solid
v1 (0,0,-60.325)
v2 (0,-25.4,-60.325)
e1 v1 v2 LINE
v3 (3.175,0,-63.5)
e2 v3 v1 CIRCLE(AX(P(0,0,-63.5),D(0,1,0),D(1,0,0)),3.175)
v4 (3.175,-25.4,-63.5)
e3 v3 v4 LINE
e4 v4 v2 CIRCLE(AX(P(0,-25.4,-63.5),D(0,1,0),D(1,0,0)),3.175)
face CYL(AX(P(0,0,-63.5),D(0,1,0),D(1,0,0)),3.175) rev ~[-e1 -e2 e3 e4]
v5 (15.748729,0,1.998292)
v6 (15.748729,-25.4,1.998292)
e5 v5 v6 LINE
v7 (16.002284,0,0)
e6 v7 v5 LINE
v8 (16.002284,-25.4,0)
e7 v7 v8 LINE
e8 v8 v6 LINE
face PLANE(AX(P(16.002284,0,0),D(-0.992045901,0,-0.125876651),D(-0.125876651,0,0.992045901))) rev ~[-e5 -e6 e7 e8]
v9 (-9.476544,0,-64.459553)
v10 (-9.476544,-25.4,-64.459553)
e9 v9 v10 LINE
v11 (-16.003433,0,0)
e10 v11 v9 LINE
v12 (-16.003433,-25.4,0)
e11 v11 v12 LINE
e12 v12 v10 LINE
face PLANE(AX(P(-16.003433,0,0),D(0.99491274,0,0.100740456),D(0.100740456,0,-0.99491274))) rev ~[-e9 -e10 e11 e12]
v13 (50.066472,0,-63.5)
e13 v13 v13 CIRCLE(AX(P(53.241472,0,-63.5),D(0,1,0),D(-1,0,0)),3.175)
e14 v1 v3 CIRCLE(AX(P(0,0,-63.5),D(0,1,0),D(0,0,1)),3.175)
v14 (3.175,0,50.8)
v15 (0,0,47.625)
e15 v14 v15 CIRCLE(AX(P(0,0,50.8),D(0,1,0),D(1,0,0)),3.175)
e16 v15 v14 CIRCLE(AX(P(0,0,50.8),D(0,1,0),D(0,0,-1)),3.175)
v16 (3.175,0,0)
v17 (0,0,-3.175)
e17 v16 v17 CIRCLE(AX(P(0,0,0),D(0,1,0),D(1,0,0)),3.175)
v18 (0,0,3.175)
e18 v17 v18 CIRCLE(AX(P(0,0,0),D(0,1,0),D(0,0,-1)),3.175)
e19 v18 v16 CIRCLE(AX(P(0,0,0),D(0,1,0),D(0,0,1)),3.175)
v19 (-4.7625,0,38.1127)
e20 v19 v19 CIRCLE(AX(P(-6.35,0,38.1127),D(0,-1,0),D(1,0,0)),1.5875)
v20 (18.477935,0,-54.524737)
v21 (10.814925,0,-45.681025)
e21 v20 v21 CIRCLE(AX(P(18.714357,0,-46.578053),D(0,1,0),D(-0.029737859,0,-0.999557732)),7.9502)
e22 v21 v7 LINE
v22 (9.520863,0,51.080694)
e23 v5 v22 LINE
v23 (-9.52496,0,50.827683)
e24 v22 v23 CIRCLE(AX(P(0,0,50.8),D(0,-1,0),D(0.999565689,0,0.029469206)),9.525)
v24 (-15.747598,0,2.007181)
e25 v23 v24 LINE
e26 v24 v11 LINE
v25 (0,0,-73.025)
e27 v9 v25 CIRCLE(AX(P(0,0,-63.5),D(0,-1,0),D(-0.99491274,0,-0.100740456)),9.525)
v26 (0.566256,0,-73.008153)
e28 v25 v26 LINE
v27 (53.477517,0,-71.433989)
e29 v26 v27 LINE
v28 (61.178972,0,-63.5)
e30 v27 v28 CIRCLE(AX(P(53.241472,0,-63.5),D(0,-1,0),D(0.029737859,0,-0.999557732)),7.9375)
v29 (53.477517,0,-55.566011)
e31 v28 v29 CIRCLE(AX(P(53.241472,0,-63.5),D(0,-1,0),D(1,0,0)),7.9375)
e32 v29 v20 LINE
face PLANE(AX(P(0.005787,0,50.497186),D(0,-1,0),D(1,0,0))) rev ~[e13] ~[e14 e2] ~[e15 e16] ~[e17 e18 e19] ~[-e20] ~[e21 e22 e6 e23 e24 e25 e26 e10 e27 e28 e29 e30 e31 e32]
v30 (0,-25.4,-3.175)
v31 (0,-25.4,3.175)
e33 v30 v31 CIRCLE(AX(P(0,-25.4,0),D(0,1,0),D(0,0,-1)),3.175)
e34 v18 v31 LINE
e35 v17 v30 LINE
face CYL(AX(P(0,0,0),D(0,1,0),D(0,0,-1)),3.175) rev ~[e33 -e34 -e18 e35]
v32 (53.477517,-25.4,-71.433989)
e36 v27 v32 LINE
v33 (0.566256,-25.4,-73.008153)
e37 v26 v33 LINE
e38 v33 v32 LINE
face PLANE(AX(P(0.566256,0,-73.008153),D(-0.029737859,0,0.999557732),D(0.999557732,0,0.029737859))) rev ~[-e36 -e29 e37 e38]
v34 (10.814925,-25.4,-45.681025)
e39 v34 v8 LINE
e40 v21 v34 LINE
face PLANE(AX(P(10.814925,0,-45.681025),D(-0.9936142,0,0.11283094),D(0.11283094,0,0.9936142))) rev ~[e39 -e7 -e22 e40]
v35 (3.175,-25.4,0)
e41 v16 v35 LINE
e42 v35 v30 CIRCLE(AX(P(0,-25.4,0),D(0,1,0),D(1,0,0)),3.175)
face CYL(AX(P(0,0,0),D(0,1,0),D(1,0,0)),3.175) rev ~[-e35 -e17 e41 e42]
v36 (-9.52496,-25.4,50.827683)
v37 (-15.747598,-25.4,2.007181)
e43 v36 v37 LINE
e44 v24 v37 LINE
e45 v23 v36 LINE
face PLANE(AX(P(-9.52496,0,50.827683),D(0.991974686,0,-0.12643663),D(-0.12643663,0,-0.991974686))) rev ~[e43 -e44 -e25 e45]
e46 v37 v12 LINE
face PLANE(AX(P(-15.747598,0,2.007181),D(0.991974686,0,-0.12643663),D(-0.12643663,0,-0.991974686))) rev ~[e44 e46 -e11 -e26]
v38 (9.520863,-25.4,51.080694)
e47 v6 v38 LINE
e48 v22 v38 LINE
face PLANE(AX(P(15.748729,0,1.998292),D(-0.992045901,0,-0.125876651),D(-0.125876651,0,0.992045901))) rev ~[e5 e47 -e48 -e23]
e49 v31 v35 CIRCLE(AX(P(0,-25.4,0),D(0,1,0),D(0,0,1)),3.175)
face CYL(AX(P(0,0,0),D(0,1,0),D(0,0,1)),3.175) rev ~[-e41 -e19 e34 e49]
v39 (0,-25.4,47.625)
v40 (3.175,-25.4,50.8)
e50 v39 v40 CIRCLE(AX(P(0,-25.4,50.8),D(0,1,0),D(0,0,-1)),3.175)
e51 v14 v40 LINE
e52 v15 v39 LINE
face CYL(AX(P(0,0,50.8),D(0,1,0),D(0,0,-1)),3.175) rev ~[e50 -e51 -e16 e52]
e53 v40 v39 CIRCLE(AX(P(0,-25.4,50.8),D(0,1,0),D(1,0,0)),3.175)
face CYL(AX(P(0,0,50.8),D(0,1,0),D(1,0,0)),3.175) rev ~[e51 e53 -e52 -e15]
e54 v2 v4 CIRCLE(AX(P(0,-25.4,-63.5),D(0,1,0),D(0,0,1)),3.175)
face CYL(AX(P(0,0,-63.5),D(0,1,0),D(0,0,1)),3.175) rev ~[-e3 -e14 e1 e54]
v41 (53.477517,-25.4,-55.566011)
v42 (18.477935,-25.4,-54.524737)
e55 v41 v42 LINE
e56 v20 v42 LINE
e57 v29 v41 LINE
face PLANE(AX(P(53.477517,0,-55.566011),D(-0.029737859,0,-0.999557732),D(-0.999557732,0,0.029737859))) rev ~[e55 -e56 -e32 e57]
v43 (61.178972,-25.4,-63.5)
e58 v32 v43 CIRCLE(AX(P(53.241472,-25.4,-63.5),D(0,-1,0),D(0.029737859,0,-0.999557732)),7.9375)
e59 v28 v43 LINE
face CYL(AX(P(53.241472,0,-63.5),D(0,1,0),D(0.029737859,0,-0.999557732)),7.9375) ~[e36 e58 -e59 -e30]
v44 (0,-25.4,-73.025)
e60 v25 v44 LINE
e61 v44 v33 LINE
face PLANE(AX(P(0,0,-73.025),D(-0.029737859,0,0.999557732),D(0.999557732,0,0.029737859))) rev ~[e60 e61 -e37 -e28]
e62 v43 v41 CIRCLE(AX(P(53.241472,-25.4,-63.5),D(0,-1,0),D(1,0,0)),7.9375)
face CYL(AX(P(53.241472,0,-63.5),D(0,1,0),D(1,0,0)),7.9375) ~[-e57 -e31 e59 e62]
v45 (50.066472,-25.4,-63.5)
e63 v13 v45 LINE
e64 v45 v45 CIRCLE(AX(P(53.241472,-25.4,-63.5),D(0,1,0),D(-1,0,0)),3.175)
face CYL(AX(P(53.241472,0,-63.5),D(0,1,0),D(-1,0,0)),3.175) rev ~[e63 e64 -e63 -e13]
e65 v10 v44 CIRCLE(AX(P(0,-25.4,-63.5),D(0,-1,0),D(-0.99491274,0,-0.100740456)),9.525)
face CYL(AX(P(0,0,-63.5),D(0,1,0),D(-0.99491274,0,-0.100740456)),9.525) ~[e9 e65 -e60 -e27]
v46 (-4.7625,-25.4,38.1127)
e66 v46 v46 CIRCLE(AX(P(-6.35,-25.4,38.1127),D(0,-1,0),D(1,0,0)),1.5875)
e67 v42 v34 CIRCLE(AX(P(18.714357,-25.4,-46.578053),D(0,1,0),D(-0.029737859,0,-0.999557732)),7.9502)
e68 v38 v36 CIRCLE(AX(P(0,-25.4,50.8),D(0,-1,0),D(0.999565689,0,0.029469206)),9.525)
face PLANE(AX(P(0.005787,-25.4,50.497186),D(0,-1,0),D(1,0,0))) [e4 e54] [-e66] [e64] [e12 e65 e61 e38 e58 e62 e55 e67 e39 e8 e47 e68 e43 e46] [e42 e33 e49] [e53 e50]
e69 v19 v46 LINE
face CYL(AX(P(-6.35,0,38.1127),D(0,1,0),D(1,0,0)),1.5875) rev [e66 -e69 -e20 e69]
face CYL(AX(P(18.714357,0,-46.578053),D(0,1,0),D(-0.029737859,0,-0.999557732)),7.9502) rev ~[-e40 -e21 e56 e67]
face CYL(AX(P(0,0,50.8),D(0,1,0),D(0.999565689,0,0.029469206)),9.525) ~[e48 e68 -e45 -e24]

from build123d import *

# Parameters (mm, degrees)
F0_R     = 1.5875
F1_DEPTH = 25.4


with BuildPart() as f1:
    # F0 (on Front) → F1 (new body)
    with BuildSketch(Plane.XZ):
        with BuildLine():
            ThreePointArc((-9.5249597703, 50.8276834586), (-6.7449725701, 44.0746026118), (0, 41.275))
            ThreePointArc((0, 41.275), (6.7351920908, 44.0648079092), (9.525, 50.8))
            ThreePointArc((9.525, 50.8), (9.5239657399, 50.9403623342), (9.5208631843, 51.0806941863))
            ThreePointArc((9.5208631843, 51.0806941863), (-0.1265219451, 60.3241596583), (-9.5249597703, 50.8276834586))
        make_face()
        with BuildLine():
            ThreePointArc((3.175, 50.8), (2.2450640303, 48.5549359697), (0, 47.625))
            ThreePointArc((0, 47.625), (-2.2450640303, 53.0450640303), (3.175, 50.8))
        make_face(mode=Mode.SUBTRACT)
        with BuildLine():
            ThreePointArc((9.525, 50.8), (6.7351920908, 44.0648079092), (0, 41.275))
            Line((0, 41.275), (0, 15.875))
            ThreePointArc((0, 15.875), (10.4950642384, 11.9108879447), (15.7487287076, 1.9982915441))
            Line((15.7487287076, 1.9982915441), (9.5208631843, 51.0806941863))
            ThreePointArc((9.5208631843, 51.0806941863), (9.5239657399, 50.9403623342), (9.525, 50.8))
        make_face()
        with BuildLine():
            Line((0, 15.875), (0, 41.275))
            ThreePointArc((0, 41.275), (-6.7449725701, 44.0746026118), (-9.5249597703, 50.8276834586))
            Line((-9.5249597703, 50.8276834586), (-15.7475981623, 2.007181387))
            ThreePointArc((-15.7475981623, 2.007181387), (-10.4917019707, 11.9138497036), (0, 15.875))
        make_face()
        with Locations((-6.3500003889, 38.1127)):
            Circle(F0_R, mode=Mode.SUBTRACT)
        with BuildLine():
            ThreePointArc((15.7487287076, 1.9982915441), (10.4950642384, 11.9108879447), (0, 15.875))
            Line((0, 15.875), (0, 3.175))
            ThreePointArc((0, 3.175), (2.2450640303, 2.2450640303), (3.175, 0))
            ThreePointArc((3.175, 0), (2.2450640303, -2.2450640303), (0, -3.175))
            Line((0, -3.175), (0, -15.875))
            ThreePointArc((0, -15.875), (11.2253201513, -11.2253201513), (15.875, 0))
            ThreePointArc((15.875, 0), (15.8434007276, 1.0011385437), (15.7487287076, 1.9982915441))
        make_face()
        with BuildLine():
            Line((0, 3.175), (0, 15.875))
            ThreePointArc((0, 15.875), (-10.4917019707, 11.9138497036), (-15.7475981623, 2.007181387))
            ThreePointArc((-15.7475981623, 2.007181387), (-11.9138497036, -10.4917019707), (0, -15.875))
            Line((0, -15.875), (0, -3.175))
            ThreePointArc((0, -3.175), (-3.175, 0), (0, 3.175))
        make_face()
        with BuildLine():
            ThreePointArc((0, -15.875), (-11.9138497036, -10.4917019707), (-15.7475981623, 2.007181387))
            Line((-15.7475981623, 2.007181387), (-16.0034325644, 0))
            Line((-16.0034325644, 0), (-9.4765438502, -64.4595528417))
            ThreePointArc((-9.4765438502, -64.4595528417), (-7.0663061715, -57.1130647341), (0, -53.975))
            Line((0, -53.975), (0, -15.875))
        make_face()
        with BuildLine():
            Line((16.0022837567, 0), (15.7487287076, 1.9982915441))
            ThreePointArc((15.7487287076, 1.9982915441), (15.8434007276, 1.0011385437), (15.875, 0))
            ThreePointArc((15.875, 0), (11.2253201513, -11.2253201513), (0, -15.875))
            Line((0, -15.875), (0, -53.975))
            ThreePointArc((0, -53.975), (6.7351920908, -56.7648079092), (9.525, -63.5))
            Line((9.525, -63.5), (45.3039722444, -63.5))
            ThreePointArc((45.3039722444, -63.5), (47.7128962539, -57.8044970576), (53.4775165007, -55.5660105017))
            Line((53.4775165007, -55.5660105017), (18.4779350113, -54.5247373584))
            ThreePointArc((18.4779350113, -54.5247373584), (12.7059594339, -51.7842843081), (10.8149253237, -45.6810249347))
            Line((10.8149253237, -45.6810249347), (16.0022837567, 0))
        make_face()
        with BuildLine():
            ThreePointArc((9.525, -63.5), (6.7351920908, -56.7648079092), (0, -53.975))
            Line((0, -53.975), (0, -60.325))
            ThreePointArc((0, -60.325), (2.2450640303, -61.2549359697), (3.175, -63.5))
            Line((3.175, -63.5), (8.7914722444, -63.5))
            Line((8.7914722444, -63.5), (9.525, -63.5))
        make_face()
        with BuildLine():
            Line((0, -60.325), (0, -53.975))
            ThreePointArc((0, -53.975), (-7.0663061715, -57.1130647341), (-9.4765438502, -64.4595528417))
            ThreePointArc((-9.4765438502, -64.4595528417), (-6.3869352659, -70.5663061715), (0, -73.025))
            Line((0, -73.025), (0.5662556676, -73.008153318))
            ThreePointArc((0.5662556676, -73.008153318), (6.9325035245, -70.0319231382), (9.525, -63.5))
            Line((9.525, -63.5), (8.7914722444, -63.5))
            Line((8.7914722444, -63.5), (3.175, -63.5))
            ThreePointArc((3.175, -63.5), (-2.2450640303, -65.7450640303), (0, -60.325))
        make_face()
        with BuildLine():
            Line((45.3039722444, -63.5), (9.525, -63.5))
            ThreePointArc((9.525, -63.5), (6.9325035245, -70.0319231382), (0.5662556676, -73.008153318))
            Line((0.5662556676, -73.008153318), (53.4775165007, -71.4339894983))
            ThreePointArc((53.4775165007, -71.4339894983), (47.7128962539, -69.1955029424), (45.3039722444, -63.5))
        make_face()
        with BuildLine():
            ThreePointArc((61.1789722444, -63.5), (58.9369751868, -57.9714240095), (53.4775165007, -55.5660105017))
            ThreePointArc((53.4775165007, -55.5660105017), (47.7128962539, -57.8044970576), (45.3039722444, -63.5))
            ThreePointArc((45.3039722444, -63.5), (47.7128962539, -69.1955029424), (53.4775165007, -71.4339894983))
            ThreePointArc((53.4775165007, -71.4339894983), (58.9369751868, -69.0285759905), (61.1789722444, -63.5))
        make_face()
        with BuildLine():
            ThreePointArc((56.4164722444, -63.5), (53.2414722444, -66.675), (50.0664722444, -63.5))
            ThreePointArc((50.0664722444, -63.5), (53.2414722444, -60.325), (56.4164722444, -63.5))
        make_face(mode=Mode.SUBTRACT)
    extrude(amount=F1_DEPTH)


solid = f1.part
